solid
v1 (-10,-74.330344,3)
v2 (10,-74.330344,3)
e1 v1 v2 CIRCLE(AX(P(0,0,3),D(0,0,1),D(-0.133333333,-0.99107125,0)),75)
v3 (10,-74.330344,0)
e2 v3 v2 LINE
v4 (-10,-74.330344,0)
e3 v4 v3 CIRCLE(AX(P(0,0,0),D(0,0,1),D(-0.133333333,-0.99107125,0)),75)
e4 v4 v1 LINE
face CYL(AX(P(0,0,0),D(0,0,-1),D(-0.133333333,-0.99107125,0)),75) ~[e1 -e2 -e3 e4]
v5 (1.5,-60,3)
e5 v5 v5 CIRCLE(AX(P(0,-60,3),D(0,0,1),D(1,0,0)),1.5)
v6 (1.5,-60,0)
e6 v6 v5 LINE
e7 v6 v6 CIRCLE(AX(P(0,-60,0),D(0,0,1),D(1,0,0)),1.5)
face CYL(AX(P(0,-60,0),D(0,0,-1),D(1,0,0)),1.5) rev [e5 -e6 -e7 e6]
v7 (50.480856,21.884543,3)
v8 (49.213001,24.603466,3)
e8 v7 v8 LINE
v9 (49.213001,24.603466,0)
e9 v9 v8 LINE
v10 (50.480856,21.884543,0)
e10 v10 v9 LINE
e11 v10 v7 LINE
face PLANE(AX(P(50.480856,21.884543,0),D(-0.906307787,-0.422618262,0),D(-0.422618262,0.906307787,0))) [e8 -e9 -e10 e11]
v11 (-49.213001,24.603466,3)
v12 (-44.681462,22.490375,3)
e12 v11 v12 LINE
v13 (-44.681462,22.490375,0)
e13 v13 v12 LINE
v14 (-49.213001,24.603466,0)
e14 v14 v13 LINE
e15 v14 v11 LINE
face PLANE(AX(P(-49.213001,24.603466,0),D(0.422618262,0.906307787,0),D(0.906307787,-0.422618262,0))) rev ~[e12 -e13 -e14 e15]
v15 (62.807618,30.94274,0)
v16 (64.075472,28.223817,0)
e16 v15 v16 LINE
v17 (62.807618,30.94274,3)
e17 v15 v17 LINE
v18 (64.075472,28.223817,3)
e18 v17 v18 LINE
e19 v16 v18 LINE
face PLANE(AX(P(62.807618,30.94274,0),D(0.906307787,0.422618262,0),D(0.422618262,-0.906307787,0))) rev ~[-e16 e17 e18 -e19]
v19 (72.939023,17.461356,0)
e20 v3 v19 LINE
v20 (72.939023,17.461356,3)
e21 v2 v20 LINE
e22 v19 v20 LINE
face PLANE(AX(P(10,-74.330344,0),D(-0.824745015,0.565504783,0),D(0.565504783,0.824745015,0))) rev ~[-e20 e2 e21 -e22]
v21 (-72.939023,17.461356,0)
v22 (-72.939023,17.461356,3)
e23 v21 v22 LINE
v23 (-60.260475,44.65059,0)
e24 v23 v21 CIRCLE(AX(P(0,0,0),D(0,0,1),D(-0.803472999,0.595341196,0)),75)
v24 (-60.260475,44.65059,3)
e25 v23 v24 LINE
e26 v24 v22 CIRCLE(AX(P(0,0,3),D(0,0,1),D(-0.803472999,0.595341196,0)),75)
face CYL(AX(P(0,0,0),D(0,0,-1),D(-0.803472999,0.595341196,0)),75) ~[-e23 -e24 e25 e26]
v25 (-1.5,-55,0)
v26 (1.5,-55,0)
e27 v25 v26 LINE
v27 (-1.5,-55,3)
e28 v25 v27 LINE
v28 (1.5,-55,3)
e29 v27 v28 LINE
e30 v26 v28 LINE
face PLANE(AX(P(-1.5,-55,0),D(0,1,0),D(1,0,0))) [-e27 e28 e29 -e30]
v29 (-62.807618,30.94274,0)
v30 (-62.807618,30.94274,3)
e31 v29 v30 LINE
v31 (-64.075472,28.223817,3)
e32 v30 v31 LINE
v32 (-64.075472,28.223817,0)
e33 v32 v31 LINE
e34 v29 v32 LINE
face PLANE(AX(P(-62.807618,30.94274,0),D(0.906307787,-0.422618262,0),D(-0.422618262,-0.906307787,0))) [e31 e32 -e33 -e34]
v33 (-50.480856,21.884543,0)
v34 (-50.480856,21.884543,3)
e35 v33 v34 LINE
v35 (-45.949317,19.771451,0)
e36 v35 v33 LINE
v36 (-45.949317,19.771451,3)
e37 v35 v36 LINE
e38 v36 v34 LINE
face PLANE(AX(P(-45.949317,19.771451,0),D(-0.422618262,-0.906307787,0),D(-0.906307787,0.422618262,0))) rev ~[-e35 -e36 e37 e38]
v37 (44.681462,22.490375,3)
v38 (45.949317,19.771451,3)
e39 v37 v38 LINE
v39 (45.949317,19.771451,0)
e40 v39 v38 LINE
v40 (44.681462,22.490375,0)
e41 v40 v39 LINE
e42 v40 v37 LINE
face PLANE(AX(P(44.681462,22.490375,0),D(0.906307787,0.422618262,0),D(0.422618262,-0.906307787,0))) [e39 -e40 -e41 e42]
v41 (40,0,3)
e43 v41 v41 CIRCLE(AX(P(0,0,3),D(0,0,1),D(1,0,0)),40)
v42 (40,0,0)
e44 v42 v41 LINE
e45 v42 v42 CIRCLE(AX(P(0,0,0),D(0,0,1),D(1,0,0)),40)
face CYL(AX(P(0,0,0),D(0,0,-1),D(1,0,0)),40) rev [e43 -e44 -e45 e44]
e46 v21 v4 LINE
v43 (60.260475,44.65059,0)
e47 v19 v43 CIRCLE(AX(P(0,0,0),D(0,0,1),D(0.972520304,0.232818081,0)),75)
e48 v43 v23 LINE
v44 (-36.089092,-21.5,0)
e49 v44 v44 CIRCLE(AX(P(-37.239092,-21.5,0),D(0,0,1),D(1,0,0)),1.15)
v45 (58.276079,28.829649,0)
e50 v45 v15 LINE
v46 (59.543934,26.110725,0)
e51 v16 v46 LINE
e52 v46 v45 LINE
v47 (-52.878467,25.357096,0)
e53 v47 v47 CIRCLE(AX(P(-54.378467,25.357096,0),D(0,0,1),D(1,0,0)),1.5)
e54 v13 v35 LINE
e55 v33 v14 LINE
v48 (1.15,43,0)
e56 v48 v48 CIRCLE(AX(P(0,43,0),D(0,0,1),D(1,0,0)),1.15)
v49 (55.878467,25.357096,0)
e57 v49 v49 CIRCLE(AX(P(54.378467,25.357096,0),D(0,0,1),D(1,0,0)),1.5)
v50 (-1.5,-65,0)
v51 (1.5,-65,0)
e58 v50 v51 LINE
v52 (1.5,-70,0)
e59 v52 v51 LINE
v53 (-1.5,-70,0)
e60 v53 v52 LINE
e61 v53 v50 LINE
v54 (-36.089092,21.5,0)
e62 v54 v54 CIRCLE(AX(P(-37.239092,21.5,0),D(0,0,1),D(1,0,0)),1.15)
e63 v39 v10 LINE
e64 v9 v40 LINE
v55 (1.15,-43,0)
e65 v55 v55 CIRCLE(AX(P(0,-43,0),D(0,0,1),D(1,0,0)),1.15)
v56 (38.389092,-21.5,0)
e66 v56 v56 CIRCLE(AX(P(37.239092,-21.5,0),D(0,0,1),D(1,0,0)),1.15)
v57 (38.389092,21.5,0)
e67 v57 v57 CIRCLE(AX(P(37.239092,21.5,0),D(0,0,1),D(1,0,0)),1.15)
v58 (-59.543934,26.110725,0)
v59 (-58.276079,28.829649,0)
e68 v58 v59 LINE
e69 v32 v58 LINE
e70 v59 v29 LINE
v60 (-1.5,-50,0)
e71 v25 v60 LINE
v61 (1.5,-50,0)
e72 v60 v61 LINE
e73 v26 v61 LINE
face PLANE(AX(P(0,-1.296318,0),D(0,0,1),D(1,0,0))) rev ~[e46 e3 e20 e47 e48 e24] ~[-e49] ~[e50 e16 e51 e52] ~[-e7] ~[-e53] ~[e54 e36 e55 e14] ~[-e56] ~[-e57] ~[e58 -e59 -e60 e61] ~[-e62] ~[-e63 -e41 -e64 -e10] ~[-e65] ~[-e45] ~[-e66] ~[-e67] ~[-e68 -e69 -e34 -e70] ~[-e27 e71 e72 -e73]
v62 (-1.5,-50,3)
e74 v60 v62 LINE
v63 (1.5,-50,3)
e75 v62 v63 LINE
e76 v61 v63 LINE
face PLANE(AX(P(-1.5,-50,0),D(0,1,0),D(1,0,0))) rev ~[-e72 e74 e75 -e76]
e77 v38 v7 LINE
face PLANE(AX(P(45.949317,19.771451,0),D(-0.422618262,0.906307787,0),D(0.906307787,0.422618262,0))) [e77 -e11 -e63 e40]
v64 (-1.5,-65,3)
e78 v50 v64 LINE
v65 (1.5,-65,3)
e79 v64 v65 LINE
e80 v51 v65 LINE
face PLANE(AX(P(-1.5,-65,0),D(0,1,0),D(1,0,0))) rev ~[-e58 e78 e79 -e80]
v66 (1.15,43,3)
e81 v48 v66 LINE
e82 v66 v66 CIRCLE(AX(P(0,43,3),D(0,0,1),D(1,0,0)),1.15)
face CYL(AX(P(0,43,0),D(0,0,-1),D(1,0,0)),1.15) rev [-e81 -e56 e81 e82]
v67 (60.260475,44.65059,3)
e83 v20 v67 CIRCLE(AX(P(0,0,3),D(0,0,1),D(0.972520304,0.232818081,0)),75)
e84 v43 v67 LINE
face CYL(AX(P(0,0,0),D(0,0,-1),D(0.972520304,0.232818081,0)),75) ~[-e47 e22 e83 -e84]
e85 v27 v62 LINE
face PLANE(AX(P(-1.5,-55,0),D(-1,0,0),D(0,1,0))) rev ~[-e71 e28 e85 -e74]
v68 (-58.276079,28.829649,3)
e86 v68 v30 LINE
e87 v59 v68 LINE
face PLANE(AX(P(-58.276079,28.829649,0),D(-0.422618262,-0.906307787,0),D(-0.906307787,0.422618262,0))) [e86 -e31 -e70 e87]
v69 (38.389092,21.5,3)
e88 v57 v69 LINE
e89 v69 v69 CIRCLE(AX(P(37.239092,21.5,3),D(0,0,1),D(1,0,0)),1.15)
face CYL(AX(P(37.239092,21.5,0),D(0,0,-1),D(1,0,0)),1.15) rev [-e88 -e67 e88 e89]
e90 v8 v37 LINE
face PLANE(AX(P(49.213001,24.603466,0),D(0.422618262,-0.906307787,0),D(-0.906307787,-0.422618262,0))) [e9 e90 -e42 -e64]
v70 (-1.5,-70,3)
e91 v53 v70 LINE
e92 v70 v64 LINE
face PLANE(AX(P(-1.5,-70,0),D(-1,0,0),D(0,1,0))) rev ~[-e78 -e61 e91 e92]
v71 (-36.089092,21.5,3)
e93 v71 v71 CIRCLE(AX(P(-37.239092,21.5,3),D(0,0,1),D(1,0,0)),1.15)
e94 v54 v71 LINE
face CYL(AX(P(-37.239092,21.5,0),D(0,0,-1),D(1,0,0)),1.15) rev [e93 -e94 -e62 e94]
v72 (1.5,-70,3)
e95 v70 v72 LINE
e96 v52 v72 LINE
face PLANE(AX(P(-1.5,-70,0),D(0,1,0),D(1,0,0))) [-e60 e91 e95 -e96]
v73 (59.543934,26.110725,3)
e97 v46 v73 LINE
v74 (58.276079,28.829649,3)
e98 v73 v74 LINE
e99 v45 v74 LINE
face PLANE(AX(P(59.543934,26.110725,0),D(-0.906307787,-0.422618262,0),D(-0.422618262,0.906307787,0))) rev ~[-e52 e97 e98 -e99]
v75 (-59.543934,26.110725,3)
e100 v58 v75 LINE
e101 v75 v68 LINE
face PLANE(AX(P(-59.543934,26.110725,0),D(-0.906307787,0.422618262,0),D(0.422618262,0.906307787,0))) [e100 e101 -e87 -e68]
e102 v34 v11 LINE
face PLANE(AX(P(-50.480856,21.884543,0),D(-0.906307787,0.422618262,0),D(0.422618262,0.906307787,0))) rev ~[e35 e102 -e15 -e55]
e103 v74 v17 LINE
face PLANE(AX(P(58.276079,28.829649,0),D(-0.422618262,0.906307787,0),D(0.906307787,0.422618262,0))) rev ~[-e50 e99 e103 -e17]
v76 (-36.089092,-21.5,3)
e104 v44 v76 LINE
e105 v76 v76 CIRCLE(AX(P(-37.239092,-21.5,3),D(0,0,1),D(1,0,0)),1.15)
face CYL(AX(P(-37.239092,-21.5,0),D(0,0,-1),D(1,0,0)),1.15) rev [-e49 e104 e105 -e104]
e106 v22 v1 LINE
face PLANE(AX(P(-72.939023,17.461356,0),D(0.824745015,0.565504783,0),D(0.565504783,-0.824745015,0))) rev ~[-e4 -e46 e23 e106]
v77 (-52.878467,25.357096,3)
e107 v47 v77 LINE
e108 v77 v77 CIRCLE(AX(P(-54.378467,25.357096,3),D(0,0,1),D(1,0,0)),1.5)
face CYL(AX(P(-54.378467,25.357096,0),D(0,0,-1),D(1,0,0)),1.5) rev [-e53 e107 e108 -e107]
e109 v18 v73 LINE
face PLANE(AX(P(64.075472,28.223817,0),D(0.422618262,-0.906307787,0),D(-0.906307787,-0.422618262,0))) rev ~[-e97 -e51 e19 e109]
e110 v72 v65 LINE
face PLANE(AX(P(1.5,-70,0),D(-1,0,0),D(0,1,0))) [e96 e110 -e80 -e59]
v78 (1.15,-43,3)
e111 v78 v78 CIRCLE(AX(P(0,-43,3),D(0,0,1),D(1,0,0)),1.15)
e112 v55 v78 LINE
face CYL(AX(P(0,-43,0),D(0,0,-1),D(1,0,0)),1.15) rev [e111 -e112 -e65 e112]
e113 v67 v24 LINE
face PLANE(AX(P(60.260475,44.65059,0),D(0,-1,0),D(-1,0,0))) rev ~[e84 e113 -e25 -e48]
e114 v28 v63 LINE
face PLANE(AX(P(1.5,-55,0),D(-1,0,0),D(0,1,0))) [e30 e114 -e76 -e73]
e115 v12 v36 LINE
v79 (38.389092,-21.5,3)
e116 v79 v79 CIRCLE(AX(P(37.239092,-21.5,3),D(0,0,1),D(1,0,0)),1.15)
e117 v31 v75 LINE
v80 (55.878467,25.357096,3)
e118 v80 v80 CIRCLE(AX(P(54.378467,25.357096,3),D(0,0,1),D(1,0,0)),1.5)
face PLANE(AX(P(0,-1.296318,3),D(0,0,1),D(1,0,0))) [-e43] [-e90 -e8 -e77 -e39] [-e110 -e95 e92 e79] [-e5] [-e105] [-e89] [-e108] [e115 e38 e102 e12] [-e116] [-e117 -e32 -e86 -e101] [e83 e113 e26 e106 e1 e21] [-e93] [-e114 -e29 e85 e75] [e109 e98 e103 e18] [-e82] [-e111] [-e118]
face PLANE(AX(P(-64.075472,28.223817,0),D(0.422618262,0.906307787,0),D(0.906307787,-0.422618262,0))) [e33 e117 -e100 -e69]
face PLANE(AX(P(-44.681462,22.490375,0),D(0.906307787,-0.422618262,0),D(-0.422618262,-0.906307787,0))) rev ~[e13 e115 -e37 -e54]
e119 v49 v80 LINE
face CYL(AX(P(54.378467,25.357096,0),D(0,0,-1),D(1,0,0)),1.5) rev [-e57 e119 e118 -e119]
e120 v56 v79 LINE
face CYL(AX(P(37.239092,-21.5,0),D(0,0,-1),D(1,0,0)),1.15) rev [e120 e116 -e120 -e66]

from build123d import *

# Parameters (mm, degrees)
SKETCH1_R           = 40
SKETCH1_R_2         = 1.15
SKETCH1_R_3         = 1.5
SKETCH1_W           = 3
SKETCH1_H           = 5
BOSS_EXTRUDE1_DEPTH = 3


with BuildPart() as part:
    # Sketch1 → Boss-Extrude1 (new body)
    with BuildSketch(Plane.XY):
        with BuildLine():
            Line((-72.939022771, 17.461356112), (-10, -74.330343737))
            ThreePointArc((-10, -74.330343737), (0, -75), (10, -74.330343737))
            Line((10, -74.330343737), (72.939022771, 17.461356112))
            ThreePointArc((72.939022771, 17.461356112), (67.973084028, 31.696369631), (60.260474918, 44.650589723))
            Line((60.260474918, 44.650589723), (-60.260474918, 44.650589723))
            ThreePointArc((-60.260474918, 44.650589723), (-67.973084028, 31.696369631), (-72.939022771, 17.461356112))
        make_face()
        Circle(SKETCH1_R, mode=Mode.SUBTRACT)
        with Locations((0, -43)):
            Circle(SKETCH1_R_2, mode=Mode.SUBTRACT)
        with Locations((-37.239092363, -21.5)):
            Circle(SKETCH1_R_2, mode=Mode.SUBTRACT)
        with Locations((-37.239092363, 21.5)):
            Circle(SKETCH1_R_2, mode=Mode.SUBTRACT)
        with Locations((0, 43)):
            Circle(SKETCH1_R_2, mode=Mode.SUBTRACT)
        with Locations((37.239092363, 21.5)):
            Circle(SKETCH1_R_2, mode=Mode.SUBTRACT)
        with Locations((37.239092363, -21.5)):
            Circle(SKETCH1_R_2, mode=Mode.SUBTRACT)
        with Locations((0, -60)):
            Circle(SKETCH1_R_3, mode=Mode.SUBTRACT)
        with Locations((54.378467222, 25.357095704)):
            Circle(SKETCH1_R_3, mode=Mode.SUBTRACT)
        with Locations((-54.378467222, 25.357095704)):
            Circle(SKETCH1_R_3, mode=Mode.SUBTRACT)
        with Locations((0, -52.5)):
            Rectangle(SKETCH1_W, SKETCH1_H, mode=Mode.SUBTRACT)
        with Locations((0, -67.5)):
            Rectangle(SKETCH1_W, SKETCH1_H, mode=Mode.SUBTRACT)
        Polygon((49.213000894, 24.603466076), (44.681461959, 22.490374768), (45.949316744, 19.771451406), (50.48085568, 21.884542715), align=None, mode=Mode.SUBTRACT)
        Polygon((58.276078765, 28.829648694), (62.8076177, 30.942740002), (64.075472485, 28.223816641), (59.54393355, 26.110725333), align=None, mode=Mode.SUBTRACT)
        Polygon((-58.276078765, 28.829648694), (-62.8076177, 30.942740002), (-64.075472485, 28.223816641), (-59.54393355, 26.110725333), align=None, mode=Mode.SUBTRACT)
        Polygon((-49.213000894, 24.603466076), (-44.681461959, 22.490374768), (-45.949316744, 19.771451406), (-50.48085568, 21.884542715), align=None, mode=Mode.SUBTRACT)
    extrude(amount=BOSS_EXTRUDE1_DEPTH)


solid = part.part
